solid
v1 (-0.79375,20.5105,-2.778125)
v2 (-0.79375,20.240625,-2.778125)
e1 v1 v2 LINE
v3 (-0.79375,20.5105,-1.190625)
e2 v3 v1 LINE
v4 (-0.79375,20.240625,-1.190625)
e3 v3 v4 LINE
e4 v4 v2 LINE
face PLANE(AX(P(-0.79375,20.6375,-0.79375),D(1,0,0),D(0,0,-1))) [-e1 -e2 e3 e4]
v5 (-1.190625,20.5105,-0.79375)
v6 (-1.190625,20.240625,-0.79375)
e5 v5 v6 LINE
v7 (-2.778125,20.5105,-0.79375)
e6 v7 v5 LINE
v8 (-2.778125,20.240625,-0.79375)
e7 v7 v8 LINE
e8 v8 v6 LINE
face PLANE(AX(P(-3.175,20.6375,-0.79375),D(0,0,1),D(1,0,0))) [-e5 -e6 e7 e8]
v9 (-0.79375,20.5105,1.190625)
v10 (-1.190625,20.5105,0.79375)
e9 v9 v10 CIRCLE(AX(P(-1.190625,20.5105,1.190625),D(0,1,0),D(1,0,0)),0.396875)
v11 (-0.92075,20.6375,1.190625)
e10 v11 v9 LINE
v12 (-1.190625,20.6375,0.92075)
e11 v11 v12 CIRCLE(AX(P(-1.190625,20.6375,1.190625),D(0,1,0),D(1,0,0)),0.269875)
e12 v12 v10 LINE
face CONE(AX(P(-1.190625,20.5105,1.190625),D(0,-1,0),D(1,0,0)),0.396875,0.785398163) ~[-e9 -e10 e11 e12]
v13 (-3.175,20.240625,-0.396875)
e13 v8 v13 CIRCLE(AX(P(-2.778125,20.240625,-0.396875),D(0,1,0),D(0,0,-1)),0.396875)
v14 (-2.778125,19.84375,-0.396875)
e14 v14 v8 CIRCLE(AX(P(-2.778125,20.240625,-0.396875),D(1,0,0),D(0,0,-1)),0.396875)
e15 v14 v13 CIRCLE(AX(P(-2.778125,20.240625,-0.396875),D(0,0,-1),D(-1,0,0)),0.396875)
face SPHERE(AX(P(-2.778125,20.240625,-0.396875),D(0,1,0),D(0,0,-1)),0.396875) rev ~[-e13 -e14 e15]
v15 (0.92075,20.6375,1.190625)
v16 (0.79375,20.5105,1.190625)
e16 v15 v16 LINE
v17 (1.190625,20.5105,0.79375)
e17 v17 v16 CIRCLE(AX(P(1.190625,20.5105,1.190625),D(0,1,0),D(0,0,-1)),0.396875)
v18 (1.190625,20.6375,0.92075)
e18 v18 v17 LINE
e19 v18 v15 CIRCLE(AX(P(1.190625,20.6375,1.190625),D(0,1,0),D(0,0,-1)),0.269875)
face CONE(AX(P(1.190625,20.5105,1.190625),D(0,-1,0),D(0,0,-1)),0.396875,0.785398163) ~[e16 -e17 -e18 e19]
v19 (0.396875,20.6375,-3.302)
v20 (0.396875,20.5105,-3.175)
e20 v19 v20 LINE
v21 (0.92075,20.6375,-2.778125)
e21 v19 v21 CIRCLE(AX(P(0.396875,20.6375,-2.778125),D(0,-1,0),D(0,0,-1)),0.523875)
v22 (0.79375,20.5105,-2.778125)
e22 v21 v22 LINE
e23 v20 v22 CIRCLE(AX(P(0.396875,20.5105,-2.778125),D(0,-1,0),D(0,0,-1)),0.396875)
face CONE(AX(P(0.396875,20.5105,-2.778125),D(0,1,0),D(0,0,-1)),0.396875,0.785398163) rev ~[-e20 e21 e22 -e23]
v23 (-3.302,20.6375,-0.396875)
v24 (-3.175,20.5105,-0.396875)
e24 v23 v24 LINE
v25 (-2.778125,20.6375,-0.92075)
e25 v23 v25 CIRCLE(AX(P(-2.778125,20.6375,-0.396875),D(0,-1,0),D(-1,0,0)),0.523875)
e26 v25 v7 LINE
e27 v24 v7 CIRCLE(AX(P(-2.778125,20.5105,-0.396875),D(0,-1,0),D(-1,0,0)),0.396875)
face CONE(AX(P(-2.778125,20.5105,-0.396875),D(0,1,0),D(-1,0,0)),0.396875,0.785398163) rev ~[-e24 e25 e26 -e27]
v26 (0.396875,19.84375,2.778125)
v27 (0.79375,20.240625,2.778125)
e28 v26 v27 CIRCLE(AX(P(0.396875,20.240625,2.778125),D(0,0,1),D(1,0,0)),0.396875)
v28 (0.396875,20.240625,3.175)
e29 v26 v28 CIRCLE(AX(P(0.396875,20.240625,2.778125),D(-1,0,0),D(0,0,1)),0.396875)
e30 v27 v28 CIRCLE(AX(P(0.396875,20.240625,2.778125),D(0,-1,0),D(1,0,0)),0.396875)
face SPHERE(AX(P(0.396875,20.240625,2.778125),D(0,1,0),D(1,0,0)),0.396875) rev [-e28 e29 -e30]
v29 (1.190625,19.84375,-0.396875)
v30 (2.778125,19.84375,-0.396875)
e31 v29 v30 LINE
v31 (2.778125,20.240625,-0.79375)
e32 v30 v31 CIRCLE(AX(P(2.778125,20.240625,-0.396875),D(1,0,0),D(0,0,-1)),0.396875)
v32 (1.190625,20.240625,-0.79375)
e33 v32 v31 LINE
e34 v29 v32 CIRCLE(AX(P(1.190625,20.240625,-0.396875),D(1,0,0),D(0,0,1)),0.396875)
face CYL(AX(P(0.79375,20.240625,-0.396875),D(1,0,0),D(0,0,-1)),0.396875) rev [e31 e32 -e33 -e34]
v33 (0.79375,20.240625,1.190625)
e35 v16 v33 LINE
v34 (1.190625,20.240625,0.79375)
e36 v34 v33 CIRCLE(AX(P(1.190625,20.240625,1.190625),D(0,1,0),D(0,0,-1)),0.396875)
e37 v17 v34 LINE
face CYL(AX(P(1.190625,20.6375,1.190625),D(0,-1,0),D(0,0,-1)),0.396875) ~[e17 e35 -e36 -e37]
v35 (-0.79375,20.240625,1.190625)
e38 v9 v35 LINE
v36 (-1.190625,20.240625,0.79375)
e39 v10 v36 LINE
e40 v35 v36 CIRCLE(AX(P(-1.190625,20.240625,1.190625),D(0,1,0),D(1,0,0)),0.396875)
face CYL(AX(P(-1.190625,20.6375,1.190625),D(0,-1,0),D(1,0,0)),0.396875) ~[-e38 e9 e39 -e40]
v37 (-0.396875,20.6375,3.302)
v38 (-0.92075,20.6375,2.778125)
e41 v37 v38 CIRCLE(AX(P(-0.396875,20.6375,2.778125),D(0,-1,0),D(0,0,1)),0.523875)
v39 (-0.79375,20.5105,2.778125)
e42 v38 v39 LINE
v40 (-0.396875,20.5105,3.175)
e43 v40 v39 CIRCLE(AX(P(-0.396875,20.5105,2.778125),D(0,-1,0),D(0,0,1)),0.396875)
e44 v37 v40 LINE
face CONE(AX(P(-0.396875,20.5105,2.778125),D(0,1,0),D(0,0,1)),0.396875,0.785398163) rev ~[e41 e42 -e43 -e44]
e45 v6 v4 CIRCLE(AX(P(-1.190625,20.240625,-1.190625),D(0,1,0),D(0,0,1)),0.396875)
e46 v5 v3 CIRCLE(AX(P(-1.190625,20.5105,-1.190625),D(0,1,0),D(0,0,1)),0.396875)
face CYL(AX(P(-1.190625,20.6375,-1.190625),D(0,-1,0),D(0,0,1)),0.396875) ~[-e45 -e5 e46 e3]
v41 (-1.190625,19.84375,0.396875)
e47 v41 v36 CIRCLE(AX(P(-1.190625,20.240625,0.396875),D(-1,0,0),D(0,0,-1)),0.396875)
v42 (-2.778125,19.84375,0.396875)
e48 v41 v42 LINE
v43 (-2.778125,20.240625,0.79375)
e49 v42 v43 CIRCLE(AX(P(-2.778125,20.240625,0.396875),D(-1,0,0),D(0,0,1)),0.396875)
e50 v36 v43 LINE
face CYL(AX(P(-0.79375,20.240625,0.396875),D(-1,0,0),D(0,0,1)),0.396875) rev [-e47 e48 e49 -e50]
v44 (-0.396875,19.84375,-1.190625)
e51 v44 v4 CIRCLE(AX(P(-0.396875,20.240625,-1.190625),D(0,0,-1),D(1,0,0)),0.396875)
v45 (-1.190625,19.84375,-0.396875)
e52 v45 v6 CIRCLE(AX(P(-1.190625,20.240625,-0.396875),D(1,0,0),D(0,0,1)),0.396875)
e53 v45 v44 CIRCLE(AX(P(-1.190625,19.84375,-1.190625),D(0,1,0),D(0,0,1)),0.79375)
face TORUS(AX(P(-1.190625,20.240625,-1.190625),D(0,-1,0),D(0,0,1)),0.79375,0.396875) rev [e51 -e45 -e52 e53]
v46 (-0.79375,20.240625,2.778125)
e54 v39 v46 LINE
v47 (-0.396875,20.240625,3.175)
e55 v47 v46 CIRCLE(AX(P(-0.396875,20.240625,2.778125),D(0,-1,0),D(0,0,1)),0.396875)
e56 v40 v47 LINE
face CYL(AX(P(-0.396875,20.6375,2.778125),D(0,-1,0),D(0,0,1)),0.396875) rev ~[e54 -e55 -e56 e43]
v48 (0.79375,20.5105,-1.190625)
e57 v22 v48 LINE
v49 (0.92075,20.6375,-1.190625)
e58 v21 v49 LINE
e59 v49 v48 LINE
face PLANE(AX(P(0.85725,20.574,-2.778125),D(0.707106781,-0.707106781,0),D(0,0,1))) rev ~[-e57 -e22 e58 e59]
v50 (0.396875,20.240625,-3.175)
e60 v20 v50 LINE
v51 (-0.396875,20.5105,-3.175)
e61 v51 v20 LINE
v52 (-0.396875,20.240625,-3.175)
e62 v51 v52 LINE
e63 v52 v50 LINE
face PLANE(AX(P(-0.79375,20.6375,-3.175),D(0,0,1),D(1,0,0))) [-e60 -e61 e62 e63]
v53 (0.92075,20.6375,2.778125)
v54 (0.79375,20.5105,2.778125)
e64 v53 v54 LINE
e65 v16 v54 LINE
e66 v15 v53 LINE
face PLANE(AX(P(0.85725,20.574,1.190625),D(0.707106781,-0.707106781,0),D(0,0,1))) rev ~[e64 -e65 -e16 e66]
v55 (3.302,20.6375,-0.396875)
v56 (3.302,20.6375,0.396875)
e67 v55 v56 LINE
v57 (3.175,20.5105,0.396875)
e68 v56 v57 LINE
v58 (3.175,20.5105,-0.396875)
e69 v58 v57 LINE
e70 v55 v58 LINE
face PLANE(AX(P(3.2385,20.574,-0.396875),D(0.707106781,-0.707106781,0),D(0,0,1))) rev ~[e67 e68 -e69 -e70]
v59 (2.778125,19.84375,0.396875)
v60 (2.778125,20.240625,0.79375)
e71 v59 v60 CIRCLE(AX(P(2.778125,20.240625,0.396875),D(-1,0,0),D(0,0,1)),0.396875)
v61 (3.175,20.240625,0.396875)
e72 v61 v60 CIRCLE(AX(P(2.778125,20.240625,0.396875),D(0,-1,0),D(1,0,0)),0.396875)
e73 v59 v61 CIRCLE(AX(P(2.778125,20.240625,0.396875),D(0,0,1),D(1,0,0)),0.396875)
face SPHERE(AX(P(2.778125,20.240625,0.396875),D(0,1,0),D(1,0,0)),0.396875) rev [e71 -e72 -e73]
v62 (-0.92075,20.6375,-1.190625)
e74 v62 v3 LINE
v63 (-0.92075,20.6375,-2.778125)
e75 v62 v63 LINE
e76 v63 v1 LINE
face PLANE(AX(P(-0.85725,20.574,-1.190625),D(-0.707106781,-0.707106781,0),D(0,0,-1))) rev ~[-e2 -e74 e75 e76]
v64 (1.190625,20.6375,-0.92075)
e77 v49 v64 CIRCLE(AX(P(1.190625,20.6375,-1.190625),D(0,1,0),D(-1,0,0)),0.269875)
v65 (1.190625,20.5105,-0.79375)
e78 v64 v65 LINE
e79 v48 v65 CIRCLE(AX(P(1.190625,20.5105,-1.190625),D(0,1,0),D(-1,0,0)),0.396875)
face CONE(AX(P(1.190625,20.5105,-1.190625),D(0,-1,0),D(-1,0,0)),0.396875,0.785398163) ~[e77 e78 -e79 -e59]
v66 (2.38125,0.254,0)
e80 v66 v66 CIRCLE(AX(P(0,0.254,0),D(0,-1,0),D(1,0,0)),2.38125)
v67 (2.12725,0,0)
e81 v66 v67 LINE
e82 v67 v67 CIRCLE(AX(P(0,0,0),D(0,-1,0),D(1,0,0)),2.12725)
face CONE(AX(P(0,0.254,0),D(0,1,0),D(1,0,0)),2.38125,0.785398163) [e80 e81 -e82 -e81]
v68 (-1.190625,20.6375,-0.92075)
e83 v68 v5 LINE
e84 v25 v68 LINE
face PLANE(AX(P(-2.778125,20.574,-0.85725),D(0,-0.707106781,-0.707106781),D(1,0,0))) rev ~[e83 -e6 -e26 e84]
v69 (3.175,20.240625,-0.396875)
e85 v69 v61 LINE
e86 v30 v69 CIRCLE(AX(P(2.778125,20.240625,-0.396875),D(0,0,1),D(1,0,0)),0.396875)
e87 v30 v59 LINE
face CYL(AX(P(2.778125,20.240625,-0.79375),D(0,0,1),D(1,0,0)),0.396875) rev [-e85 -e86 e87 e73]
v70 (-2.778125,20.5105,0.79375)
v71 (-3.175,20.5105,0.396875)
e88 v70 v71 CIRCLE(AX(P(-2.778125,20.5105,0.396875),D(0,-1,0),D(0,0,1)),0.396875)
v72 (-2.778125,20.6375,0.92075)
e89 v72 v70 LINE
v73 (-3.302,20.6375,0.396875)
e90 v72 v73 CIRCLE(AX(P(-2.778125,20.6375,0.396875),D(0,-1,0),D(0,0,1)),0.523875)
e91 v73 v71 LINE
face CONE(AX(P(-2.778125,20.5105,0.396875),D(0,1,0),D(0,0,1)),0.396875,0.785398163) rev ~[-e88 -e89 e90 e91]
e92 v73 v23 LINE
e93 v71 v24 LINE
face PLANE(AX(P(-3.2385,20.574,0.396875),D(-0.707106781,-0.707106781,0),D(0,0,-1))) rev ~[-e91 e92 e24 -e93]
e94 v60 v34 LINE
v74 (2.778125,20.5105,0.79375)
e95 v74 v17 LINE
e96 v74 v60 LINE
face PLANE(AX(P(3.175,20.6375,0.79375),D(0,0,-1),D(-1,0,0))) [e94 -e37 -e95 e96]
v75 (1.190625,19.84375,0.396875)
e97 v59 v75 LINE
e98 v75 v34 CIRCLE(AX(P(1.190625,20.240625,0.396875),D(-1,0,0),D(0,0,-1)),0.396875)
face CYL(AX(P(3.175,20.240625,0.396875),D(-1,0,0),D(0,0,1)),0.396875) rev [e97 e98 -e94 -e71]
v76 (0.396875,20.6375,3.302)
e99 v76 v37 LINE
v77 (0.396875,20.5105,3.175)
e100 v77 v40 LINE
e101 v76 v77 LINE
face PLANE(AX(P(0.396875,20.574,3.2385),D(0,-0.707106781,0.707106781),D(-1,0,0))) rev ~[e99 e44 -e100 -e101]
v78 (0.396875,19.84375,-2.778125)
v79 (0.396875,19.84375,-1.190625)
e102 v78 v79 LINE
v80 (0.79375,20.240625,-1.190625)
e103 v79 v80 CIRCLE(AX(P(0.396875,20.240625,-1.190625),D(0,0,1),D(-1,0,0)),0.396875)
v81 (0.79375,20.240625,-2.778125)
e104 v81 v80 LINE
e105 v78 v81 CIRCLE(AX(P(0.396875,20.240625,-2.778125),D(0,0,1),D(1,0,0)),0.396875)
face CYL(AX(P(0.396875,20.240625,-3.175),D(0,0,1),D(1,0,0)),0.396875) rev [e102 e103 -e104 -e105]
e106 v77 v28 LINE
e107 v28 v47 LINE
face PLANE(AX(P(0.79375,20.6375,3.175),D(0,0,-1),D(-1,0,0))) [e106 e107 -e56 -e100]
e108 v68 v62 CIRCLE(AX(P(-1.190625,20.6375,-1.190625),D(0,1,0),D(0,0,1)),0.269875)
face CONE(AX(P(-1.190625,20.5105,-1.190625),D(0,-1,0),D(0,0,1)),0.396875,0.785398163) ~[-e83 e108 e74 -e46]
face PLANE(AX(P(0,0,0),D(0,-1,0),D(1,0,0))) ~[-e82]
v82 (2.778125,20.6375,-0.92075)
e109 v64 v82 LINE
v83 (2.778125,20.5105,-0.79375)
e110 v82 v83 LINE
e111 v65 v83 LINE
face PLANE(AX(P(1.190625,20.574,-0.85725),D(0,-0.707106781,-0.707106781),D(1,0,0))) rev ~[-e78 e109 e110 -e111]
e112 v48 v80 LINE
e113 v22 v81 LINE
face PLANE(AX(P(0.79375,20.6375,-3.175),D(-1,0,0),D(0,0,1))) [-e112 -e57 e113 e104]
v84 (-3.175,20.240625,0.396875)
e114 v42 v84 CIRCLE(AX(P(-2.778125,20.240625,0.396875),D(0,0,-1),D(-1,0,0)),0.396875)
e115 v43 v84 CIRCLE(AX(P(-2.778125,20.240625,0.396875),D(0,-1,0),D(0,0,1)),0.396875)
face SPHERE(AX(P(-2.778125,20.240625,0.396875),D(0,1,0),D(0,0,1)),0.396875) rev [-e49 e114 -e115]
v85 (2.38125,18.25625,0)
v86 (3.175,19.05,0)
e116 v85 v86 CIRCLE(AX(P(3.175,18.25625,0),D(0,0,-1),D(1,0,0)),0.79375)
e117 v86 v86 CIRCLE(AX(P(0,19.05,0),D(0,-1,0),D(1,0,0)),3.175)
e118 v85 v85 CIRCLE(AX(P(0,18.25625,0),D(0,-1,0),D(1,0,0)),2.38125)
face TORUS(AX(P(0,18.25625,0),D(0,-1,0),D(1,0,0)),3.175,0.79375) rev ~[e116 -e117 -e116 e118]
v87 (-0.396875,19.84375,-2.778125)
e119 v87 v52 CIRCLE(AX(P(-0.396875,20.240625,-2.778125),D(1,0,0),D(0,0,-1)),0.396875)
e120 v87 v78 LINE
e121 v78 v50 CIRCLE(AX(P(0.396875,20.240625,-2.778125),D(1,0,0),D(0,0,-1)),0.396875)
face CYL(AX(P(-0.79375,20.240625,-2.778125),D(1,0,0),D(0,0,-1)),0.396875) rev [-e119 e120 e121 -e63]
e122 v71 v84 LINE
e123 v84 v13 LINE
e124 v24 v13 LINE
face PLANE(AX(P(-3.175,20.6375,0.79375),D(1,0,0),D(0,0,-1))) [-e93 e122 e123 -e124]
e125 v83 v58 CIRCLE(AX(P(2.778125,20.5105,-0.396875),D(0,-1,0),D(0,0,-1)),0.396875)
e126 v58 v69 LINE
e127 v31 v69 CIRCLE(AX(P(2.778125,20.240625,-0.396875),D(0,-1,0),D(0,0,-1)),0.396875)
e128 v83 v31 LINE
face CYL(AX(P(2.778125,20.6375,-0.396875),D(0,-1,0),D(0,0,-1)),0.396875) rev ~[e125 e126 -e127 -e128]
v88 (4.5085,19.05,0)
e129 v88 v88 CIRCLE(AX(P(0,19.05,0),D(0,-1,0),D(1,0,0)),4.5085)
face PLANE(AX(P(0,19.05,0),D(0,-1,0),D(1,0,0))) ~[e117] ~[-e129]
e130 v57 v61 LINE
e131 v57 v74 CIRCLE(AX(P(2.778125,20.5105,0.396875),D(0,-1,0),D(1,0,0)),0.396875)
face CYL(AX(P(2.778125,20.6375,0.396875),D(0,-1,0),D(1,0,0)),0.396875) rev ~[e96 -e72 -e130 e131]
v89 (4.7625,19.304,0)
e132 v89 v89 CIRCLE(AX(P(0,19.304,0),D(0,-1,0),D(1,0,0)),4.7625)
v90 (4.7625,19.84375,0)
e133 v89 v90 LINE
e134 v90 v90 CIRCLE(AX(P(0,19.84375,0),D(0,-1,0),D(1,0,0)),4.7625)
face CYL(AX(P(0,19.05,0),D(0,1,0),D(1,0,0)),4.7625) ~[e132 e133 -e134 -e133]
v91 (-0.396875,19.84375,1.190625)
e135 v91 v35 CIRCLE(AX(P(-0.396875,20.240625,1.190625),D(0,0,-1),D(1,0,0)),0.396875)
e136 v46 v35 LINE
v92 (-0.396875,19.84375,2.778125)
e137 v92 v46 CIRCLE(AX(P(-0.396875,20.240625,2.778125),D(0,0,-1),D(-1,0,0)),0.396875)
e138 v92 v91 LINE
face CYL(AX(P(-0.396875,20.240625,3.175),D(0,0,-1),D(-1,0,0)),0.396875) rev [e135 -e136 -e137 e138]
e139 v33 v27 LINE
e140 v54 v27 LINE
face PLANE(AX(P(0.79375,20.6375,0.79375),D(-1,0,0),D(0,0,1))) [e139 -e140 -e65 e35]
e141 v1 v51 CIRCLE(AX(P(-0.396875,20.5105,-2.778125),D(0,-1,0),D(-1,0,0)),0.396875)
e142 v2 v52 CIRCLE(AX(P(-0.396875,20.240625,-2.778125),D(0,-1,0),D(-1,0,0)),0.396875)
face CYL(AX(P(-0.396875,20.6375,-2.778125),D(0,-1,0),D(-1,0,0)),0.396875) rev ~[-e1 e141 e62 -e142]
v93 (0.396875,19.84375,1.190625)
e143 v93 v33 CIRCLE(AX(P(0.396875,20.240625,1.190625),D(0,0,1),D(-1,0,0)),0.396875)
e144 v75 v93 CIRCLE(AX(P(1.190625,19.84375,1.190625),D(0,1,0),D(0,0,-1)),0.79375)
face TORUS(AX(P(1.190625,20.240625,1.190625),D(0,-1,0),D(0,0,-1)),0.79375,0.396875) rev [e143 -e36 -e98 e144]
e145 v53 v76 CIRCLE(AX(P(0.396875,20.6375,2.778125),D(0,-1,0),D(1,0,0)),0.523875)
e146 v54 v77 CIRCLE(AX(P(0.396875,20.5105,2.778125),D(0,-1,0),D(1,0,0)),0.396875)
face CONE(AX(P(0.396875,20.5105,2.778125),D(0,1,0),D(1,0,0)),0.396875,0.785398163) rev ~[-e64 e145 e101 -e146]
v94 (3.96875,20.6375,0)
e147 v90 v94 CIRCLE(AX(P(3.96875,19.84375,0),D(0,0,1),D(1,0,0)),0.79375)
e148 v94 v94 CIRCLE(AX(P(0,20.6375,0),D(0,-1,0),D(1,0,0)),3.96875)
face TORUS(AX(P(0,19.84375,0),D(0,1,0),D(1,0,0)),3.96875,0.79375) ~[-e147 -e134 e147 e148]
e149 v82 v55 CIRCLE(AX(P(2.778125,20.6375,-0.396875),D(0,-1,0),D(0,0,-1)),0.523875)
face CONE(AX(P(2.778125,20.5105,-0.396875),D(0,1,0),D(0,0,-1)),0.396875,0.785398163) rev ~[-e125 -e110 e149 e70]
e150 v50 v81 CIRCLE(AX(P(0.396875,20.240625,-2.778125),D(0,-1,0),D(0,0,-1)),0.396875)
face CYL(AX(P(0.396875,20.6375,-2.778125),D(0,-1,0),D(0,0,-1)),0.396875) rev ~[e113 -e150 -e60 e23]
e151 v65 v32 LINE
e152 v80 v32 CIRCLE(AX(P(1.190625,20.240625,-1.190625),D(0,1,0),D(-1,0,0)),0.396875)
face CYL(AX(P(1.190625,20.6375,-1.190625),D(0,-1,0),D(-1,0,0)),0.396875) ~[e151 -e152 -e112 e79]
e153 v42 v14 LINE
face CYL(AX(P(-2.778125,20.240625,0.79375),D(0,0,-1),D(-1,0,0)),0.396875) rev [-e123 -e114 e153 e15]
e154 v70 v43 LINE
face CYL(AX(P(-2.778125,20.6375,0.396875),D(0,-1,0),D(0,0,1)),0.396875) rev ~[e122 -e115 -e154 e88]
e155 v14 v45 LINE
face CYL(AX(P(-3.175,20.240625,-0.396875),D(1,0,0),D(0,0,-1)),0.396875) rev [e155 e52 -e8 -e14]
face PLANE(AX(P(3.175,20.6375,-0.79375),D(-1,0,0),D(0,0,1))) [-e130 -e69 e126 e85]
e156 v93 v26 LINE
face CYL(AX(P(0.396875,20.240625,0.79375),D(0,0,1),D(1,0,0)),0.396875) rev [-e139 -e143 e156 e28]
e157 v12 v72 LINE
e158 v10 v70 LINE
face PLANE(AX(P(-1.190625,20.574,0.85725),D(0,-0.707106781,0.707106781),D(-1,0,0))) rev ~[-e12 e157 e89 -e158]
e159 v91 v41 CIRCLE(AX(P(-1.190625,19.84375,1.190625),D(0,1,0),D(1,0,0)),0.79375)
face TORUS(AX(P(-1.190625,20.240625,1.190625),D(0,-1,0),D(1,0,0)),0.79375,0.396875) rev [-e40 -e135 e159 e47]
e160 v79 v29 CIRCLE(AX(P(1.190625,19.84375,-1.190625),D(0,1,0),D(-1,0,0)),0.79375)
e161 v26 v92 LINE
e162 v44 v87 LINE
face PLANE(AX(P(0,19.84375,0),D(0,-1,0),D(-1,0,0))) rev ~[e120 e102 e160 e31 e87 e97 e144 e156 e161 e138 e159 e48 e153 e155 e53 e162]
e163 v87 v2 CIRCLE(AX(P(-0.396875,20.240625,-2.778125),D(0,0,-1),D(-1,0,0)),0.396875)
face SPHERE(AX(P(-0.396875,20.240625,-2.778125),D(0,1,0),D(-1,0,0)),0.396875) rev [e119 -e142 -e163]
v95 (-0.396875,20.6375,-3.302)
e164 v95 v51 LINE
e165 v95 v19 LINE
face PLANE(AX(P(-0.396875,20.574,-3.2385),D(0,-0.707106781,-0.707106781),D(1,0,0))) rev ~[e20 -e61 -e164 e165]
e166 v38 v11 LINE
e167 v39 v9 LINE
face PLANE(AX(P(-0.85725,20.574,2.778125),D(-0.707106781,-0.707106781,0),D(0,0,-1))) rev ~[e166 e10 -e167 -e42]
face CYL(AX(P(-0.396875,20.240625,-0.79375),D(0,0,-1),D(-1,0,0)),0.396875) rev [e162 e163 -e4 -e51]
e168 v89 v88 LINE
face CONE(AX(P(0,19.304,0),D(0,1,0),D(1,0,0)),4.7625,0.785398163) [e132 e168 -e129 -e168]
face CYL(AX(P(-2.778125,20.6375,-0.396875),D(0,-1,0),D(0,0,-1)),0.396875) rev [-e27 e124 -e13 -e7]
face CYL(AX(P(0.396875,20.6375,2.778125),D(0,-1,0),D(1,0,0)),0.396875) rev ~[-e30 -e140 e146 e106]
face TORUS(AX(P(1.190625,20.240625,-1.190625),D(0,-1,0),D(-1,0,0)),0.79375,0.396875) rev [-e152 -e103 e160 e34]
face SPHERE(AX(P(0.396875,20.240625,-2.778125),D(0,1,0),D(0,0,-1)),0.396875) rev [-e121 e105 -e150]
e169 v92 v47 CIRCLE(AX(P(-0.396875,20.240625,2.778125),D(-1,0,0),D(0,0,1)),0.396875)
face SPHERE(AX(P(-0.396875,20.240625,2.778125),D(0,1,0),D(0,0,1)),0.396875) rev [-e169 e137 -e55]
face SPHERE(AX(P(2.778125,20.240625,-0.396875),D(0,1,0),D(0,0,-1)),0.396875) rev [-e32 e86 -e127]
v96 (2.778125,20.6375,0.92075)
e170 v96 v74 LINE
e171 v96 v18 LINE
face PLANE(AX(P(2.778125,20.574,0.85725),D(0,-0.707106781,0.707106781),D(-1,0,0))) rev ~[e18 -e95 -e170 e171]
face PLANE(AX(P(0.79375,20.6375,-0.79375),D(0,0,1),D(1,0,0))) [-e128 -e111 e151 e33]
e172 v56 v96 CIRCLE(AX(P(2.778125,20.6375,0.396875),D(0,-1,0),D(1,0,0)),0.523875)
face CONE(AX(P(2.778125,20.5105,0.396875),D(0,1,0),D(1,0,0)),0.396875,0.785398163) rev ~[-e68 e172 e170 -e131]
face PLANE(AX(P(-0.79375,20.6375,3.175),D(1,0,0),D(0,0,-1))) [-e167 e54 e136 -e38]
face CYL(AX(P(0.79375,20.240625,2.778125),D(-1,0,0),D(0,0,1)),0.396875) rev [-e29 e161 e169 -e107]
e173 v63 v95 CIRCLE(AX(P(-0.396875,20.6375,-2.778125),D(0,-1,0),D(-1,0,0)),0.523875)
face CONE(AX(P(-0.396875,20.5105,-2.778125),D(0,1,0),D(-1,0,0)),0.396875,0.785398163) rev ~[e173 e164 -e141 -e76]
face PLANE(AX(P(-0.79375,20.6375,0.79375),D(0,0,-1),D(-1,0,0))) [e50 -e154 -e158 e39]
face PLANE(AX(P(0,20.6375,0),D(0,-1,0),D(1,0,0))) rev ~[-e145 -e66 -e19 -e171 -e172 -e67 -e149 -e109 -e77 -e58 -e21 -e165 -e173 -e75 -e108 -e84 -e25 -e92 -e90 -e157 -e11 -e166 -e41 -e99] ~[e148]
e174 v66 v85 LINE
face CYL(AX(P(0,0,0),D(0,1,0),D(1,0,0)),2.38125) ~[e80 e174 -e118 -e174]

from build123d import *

# Parameters (mm, degrees)
CUT_EXTRUDE1_DEPTH = 0.79375
FILLET2_R          = 0.79375
FILLET3_R          = 0.396875
CHAMFER1_SIZE      = 0.254
CHAMFER2_SIZE      = 0.127


with BuildPart() as part:
    # Sketch1 → Revolve1 (revolve)
    with BuildSketch(Plane.XY):
        Polygon((0, 0), (2.38125, 0), (2.38125, 19.05), (4.7625, 19.05), (4.7625, 20.6375), (0, 20.6375), align=None)
    revolve(axis=Axis((0, 5.173549107, 0), (0, -1, 0)))

    # Sketch2 → Cut-Extrude1 (cut)
    with BuildSketch(Plane(origin=(0, 20.6375, 0), x_dir=(1, 0, 0), z_dir=(0, 1, 0))):
        Polygon((-3.175, 0.79375), (-0.79375, 0.79375), (-0.79375, 3.175), (0.79375, 3.175), (0.79375, 0.79375), (3.175, 0.79375), (3.175, -0.79375), (0.79375, -0.79375), (0.79375, -3.175), (-0.79375, -3.175), (-0.79375, -0.79375), (-3.175, -0.79375), align=None)
    extrude(amount=-CUT_EXTRUDE1_DEPTH, mode=Mode.SUBTRACT)

    # Fillet2
    fillet2_edges = [part.edges().sort_by_distance(p)[0] for p in [
        (-4.7625, 20.6375, 0),
        (-2.38125, 19.05, 0),
    ]]
    fillet(fillet2_edges, radius=FILLET2_R)

    # Fillet3
    fillet3_edges = [part.edges().sort_by_distance(p)[0] for p in [
        (-3.175, 20.240625, -0.79375),
        (-0.79375, 20.240625, -0.79375),
        (-0.79375, 20.240625, -3.175),
        (0.79375, 20.240625, -3.175),
        (0.79375, 20.240625, -0.79375),
        (3.175, 20.240625, -0.79375),
        (3.175, 20.240625, 0.79375),
        (0.79375, 20.240625, 0.79375),
        (0.79375, 20.240625, 3.175),
        (-0.79375, 20.240625, 3.175),
        (-0.79375, 20.240625, 0.79375),
        (-3.175, 20.240625, 0.79375),
        (-1.984375, 19.84375, -0.79375),
        (-0.79375, 19.84375, -1.984375),
        (0, 19.84375, -3.175),
        (0.79375, 19.84375, -1.984375),
        (1.984375, 19.84375, -0.79375),
        (3.175, 19.84375, 0),
        (1.984375, 19.84375, 0.79375),
        (0.79375, 19.84375, 1.984375),
        (0, 19.84375, 3.175),
        (-0.79375, 19.84375, 1.984375),
        (-1.984375, 19.84375, 0.79375),
        (-3.175, 19.84375, 0),
    ]]
    fillet(fillet3_edges, radius=FILLET3_R)

    # Chamfer1
    chamfer1_edges = [part.edges().sort_by_distance(p)[0] for p in [
        (-4.7625, 19.05, 0),
        (-2.38125, 0, 0),
    ]]
    chamfer(chamfer1_edges, length=CHAMFER1_SIZE)

    # Chamfer2
    chamfer2_edges = [part.edges().sort_by_distance(p)[0] for p in [
        (-1.984375, 20.6375, -0.79375),
        (-0.79375, 20.6375, -1.984375),
        (0, 20.6375, -3.175),
        (0.79375, 20.6375, -1.984375),
        (1.984375, 20.6375, -0.79375),
        (3.175, 20.6375, 0),
        (1.984375, 20.6375, 0.79375),
        (0.79375, 20.6375, 1.984375),
        (0, 20.6375, 3.175),
        (-0.79375, 20.6375, 1.984375),
        (-1.984375, 20.6375, 0.79375),
        (-3.175, 20.6375, 0),
        (-0.909991996, 20.6375, -0.909991996),
        (0.909991996, 20.6375, -0.909991996),
        (0.909991996, 20.6375, 0.909991996),
        (-0.909991996, 20.6375, 0.909991996),
        (-3.058758004, 20.6375, -0.677508004),
        (-3.058758004, 20.6375, 0.677508004),
        (-0.677508004, 20.6375, 3.058758004),
        (0.677508004, 20.6375, 3.058758004),
        (3.058758004, 20.6375, 0.677508004),
        (3.058758004, 20.6375, -0.677508004),
        (-0.677508004, 20.6375, -3.058758004),
        (0.677508004, 20.6375, -3.058758004),
    ]]
    chamfer(chamfer2_edges, length=CHAMFER2_SIZE)


solid = part.part
